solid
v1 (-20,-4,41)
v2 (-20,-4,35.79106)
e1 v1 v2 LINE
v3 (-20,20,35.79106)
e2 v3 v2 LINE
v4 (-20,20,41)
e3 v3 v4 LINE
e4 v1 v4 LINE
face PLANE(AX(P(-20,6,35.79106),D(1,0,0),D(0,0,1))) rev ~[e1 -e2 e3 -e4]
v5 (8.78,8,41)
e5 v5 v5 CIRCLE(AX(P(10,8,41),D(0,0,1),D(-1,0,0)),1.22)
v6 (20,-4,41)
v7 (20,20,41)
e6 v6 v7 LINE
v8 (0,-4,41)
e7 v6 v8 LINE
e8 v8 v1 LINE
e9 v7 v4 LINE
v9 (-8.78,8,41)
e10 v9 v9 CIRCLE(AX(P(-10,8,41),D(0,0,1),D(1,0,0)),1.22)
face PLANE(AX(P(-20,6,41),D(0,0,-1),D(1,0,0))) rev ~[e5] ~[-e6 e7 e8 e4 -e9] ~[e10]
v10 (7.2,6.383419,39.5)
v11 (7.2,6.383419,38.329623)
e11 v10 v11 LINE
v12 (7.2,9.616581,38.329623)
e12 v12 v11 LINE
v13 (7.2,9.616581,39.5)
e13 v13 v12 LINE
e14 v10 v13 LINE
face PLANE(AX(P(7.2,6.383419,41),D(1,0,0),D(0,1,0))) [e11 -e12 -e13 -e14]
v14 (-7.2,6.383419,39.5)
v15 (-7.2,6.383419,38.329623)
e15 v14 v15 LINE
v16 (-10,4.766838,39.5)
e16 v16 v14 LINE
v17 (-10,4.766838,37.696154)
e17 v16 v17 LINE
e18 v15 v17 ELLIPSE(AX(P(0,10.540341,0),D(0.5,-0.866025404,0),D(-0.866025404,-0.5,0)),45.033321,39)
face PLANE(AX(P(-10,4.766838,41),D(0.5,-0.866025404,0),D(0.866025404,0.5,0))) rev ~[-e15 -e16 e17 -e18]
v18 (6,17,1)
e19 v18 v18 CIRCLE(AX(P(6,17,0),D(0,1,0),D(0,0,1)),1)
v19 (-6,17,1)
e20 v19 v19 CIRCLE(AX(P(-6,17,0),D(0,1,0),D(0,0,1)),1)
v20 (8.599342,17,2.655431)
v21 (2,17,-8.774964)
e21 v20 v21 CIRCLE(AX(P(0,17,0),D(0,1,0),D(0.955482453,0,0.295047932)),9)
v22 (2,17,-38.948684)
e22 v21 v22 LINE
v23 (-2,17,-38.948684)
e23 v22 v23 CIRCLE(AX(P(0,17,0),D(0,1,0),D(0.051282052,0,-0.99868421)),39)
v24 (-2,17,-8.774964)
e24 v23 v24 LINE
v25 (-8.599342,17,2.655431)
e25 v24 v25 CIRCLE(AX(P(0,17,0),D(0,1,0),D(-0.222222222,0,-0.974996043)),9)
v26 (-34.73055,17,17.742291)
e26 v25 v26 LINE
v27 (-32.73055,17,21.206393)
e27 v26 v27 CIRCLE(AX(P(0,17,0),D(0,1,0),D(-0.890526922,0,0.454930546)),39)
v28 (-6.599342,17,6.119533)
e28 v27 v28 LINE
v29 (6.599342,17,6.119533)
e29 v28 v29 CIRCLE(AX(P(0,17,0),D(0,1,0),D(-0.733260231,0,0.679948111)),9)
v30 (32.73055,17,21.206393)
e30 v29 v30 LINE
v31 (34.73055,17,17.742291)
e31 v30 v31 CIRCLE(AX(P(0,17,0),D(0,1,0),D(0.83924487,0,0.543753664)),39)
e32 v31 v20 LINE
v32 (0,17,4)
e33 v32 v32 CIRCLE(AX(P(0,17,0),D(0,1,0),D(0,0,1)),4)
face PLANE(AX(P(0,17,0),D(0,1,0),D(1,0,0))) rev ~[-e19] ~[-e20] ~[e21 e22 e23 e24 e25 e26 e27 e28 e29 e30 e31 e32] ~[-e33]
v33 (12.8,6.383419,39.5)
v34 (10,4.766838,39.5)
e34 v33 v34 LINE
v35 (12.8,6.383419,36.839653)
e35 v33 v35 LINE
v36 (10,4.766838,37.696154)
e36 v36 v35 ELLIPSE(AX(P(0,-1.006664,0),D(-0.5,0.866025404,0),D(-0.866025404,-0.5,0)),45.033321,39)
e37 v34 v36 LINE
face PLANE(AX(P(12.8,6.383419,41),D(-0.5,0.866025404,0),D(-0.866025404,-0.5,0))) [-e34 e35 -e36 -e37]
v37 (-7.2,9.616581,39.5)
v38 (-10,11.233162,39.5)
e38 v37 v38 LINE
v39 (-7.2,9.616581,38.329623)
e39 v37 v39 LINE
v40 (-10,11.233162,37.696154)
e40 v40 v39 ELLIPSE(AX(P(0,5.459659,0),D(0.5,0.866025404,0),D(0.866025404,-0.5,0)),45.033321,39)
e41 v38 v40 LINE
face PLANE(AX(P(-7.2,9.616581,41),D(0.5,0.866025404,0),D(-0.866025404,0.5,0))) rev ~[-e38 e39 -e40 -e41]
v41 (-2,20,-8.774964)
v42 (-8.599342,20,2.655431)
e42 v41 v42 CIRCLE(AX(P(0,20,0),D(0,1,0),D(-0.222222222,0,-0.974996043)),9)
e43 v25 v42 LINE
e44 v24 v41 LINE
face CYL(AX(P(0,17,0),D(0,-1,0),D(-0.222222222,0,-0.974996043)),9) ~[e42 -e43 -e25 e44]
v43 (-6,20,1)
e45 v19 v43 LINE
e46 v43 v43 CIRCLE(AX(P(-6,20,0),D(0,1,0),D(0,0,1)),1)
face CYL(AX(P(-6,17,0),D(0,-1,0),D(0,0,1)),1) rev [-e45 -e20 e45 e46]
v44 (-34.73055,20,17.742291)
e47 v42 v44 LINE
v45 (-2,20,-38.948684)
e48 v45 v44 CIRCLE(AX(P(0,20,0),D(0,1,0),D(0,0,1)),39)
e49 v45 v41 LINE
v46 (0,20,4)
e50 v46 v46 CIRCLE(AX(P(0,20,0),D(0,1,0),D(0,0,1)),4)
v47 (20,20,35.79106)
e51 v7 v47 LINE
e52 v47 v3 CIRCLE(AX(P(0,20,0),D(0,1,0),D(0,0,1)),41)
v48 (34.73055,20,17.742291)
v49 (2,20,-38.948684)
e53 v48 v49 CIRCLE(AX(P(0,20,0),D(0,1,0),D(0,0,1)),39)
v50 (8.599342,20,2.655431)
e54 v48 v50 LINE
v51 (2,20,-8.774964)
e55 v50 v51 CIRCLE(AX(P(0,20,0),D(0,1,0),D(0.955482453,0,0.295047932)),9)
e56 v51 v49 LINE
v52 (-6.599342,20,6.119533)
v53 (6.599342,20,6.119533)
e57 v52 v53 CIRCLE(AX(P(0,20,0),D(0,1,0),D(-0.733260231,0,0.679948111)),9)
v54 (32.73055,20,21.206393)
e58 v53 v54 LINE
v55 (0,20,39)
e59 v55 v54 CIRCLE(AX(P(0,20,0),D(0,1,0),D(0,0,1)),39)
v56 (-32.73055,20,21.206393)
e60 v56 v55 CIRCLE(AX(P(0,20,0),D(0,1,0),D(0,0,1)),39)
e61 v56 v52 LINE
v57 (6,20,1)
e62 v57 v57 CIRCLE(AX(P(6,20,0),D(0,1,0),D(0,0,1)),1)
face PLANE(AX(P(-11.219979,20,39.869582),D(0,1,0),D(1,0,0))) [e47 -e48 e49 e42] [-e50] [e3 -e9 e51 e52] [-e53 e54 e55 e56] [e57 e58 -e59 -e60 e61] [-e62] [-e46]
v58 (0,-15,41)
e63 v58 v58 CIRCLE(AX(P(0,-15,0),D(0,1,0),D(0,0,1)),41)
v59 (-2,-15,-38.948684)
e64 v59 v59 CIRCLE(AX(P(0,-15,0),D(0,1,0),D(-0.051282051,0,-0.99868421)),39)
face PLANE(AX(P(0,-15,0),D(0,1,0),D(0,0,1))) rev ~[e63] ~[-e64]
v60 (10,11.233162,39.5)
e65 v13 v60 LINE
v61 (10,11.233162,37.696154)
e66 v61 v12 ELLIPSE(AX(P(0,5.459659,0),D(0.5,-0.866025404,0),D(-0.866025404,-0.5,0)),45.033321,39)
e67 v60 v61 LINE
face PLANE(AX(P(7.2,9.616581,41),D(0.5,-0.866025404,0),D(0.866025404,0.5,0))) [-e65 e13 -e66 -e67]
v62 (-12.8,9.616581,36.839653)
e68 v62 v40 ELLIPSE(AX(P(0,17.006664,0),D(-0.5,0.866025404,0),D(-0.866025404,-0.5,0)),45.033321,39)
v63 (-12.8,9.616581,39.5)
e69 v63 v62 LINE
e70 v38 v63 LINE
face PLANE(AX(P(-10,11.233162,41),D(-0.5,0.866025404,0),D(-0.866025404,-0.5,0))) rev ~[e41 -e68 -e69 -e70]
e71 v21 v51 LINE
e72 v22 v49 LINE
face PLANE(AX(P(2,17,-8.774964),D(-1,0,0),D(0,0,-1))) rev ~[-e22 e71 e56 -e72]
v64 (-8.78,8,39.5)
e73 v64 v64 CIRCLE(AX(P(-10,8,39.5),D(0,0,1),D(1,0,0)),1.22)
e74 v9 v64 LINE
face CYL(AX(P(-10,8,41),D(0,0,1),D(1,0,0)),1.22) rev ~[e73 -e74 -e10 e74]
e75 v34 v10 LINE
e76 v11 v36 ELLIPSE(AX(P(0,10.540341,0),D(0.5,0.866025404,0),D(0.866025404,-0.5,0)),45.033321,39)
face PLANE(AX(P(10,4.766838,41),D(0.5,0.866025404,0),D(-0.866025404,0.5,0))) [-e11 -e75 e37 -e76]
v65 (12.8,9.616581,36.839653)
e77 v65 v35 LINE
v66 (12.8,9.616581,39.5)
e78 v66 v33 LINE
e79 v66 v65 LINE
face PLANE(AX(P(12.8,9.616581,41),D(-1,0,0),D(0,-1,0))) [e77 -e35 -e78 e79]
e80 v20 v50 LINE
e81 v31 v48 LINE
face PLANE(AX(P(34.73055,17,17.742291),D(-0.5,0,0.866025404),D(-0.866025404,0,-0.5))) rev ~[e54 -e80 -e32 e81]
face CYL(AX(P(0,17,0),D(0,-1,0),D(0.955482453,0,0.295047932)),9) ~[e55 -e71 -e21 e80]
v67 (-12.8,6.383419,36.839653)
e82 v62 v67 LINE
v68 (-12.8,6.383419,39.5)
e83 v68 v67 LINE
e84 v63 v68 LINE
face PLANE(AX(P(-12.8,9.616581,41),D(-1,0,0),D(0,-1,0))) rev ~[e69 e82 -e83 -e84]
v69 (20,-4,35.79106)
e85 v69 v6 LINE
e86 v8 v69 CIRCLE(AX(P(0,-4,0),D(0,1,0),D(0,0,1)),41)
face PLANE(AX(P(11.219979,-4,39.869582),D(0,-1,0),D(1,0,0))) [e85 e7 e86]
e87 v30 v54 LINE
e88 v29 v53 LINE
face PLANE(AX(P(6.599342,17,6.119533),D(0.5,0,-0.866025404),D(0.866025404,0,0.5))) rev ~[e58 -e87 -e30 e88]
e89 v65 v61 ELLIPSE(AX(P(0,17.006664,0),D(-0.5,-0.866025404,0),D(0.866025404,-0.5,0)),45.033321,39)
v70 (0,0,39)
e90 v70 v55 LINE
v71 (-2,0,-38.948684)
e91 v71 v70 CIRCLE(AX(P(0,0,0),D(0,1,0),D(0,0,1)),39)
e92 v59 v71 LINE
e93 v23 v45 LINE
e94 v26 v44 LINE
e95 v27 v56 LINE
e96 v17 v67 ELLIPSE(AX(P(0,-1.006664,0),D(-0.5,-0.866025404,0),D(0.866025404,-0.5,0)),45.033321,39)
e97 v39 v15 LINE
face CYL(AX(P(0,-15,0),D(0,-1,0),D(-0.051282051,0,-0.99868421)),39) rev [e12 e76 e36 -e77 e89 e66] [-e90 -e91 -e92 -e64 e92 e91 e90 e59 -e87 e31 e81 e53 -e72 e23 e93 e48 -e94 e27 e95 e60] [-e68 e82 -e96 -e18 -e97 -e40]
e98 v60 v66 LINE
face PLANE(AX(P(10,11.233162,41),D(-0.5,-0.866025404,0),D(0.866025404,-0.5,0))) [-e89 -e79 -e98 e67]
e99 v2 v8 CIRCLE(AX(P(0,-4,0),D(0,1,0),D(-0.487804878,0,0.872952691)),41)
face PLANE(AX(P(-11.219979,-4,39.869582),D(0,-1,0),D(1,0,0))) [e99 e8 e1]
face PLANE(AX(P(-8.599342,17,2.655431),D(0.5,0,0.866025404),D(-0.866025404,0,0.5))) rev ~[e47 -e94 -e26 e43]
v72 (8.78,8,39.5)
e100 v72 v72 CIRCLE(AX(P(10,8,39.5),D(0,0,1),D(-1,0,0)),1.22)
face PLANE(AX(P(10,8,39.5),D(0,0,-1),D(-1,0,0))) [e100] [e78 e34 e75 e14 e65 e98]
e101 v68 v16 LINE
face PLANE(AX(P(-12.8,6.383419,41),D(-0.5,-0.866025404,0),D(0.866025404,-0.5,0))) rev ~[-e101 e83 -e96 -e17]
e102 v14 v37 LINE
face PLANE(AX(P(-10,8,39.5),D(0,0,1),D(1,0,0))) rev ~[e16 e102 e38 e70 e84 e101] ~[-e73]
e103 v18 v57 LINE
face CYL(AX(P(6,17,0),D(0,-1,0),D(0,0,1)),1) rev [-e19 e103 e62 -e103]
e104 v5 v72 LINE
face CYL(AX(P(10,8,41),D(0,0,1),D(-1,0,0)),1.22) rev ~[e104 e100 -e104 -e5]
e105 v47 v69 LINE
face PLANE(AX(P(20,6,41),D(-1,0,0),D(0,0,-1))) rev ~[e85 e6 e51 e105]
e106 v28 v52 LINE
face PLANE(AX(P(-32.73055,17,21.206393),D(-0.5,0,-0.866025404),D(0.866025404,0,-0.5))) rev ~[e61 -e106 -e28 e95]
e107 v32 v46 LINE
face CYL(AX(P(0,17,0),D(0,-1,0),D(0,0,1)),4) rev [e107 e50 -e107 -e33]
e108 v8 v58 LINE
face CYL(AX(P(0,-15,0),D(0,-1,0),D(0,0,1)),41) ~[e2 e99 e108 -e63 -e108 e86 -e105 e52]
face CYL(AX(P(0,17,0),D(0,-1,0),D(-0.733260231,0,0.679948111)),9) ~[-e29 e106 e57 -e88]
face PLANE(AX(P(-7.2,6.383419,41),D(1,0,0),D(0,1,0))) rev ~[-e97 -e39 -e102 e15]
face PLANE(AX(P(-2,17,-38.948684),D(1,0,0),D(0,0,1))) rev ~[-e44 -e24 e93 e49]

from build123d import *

# Parameters (mm, degrees)
SKETCH_1_R           = 41
SKETCH_1_R_2         = 39
EXTRUDE_1_DEPTH      = 20
EXTRUDE_START        = -14
EXTRUDE_2_DEPTH      = 14
EXTRUDE_START_2      = -3
SKETCH_3_R           = 4
SKETCH_3_R_2         = 1
EXTRUDE_3_DEPTH      = 3
CUT_EXTRUDE_3_DEPTH  = 3
EXTRUDE_5_DEPTH      = 10
EXTRUDE_5_DEPTH_BACK = 15
SKETCH_1_2_R         = 41
SKETCH_1_2_R_2       = 39
EXTRUDE_START_3      = 10
EXTRUDE_7_DEPTH      = 10
EXTRUDE_8_DEPTH      = 10
EXTRUDE_8_DEPTH_BACK = 5
CUT_EXTRUDE_4_DEPTH  = 10
EXTRUDE_9_DEPTH      = 10
EXTRUDE_9_DEPTH_BACK = 1.5
CUT_EXTRUDE_6_DEPTH  = 10
SKETCH_16_R          = 1.22
CUT_EXTRUDE_7_DEPTH  = 3


with BuildPart() as part:
    # 草图1 → 凸台-拉伸1 (new body)
    with BuildSketch(Plane(origin=(0, 0, 0), x_dir=(1, 0, 0), z_dir=(0, 1, 0))):
        Circle(SKETCH_1_R)
        Circle(SKETCH_1_R_2, mode=Mode.SUBTRACT)
    extrude(amount=EXTRUDE_1_DEPTH)

    # 草图2 → 凸台-拉伸2 (add)
    with BuildSketch(Plane(origin=(0, 20, 0), x_dir=(1, 0, 0), z_dir=(0, 1, 0)).offset(EXTRUDE_START)):
        with BuildLine():
            Line((3.5e-08, -41), (20, -41))
            Line((20, -41), (20, -35.791060336))
            ThreePointArc((20, -35.791060336), (10.333598766, -39.676400247), (3.5e-08, -41))
        make_face()
        with BuildLine():
            Line((-20, -41), (3.5e-08, -41))
            ThreePointArc((3.5e-08, -41), (-10.333598732, -39.676400256), (-20, -35.791060336))
            Line((-20, -35.791060336), (-20, -41))
        make_face()
    extrude(amount=EXTRUDE_2_DEPTH)

    # 草图3 → 凸台-拉伸3 (add)
    with BuildSketch(Plane(origin=(0, 20, 0), x_dir=(1, 0, 0), z_dir=(0, 1, 0)).offset(EXTRUDE_START_2)):
        with BuildLine():
            Line((-2, 38.948684188), (-2, 8.774964387))
            ThreePointArc((-2, 8.774964387), (-7.794228634, 4.5), (-8.599342077, -2.655431386))
            Line((-8.599342077, -2.655431386), (-34.730549951, -17.742291287))
            ThreePointArc((-34.730549951, -17.742291287), (-33.774990748, -19.5), (-32.730549951, -21.206392902))
            Line((-32.730549951, -21.206392902), (-6.599342077, -6.119533001))
            ThreePointArc((-6.599342077, -6.119533001), (0, -9), (6.599342077, -6.119533001))
            Line((6.599342077, -6.119533001), (32.730549951, -21.206392902))
            ThreePointArc((32.730549951, -21.206392902), (33.774990748, -19.5), (34.730549951, -17.742291287))
            Line((34.730549951, -17.742291287), (8.599342077, -2.655431386))
            ThreePointArc((8.599342077, -2.655431386), (7.794228634, 4.5), (2, 8.774964387))
            Line((2, 8.774964387), (2, 38.948684188))
            ThreePointArc((2, 38.948684188), (0, 39), (-2, 38.948684188))
        make_face()
        Circle(SKETCH_3_R, mode=Mode.SUBTRACT)
        with Locations((-6, 0)):
            Circle(SKETCH_3_R_2, mode=Mode.SUBTRACT)
        with Locations((6, 0)):
            Circle(SKETCH_3_R_2, mode=Mode.SUBTRACT)
    extrude(amount=EXTRUDE_3_DEPTH)

    # 草图7 → 切除-拉伸3 (cut)
    with BuildSketch(Plane.XZ.offset(-6)):
        with BuildLine():
            Line((0, 41), (-20, 41))
            Line((-20, 41), (-20, 35.791060336))
            ThreePointArc((-20, 35.791060336), (-10.333598749, 39.676400251), (0, 41))
        make_face()
        with BuildLine():
            Line((20, 41), (0, 41))
            ThreePointArc((0, 41), (10.333598749, 39.676400251), (20, 35.791060336))
            Line((20, 35.791060336), (20, 41))
        make_face()
    extrude(amount=-CUT_EXTRUDE_3_DEPTH, mode=Mode.SUBTRACT)

    # 草图1<2> → 凸台-拉伸5 (add, two sides: drawn at the far end of the back side and taken through both)
    with BuildSketch(Plane(origin=(0, 0, 0), x_dir=(1, 0, 0), z_dir=(0, 1, 0)).offset(-EXTRUDE_5_DEPTH_BACK)):
        Circle(SKETCH_1_2_R)
        Circle(SKETCH_1_2_R_2, mode=Mode.SUBTRACT)
    extrude(amount=EXTRUDE_5_DEPTH + EXTRUDE_5_DEPTH_BACK)

    # 草图7<4> → 凸台-拉伸7 (add)
    with BuildSketch(Plane.XZ.offset(-6).offset(EXTRUDE_START_3)):
        with BuildLine():
            Line((0, 41), (-20, 41))
            Line((-20, 41), (-20, 35.791060336))
            ThreePointArc((-20, 35.791060336), (-10.333598749, 39.676400251), (0, 41))
        make_face()
        with BuildLine():
            Line((20, 41), (0, 41))
            ThreePointArc((0, 41), (10.333598749, 39.676400251), (20, 35.791060336))
            Line((20, 35.791060336), (20, 41))
        make_face()
    extrude(amount=-EXTRUDE_7_DEPTH)

    # 草图7<5> → 凸台-拉伸8 (add, two sides: drawn at the far end of the back side and taken through both)
    with BuildSketch(Plane.XZ.offset(-6).offset(-EXTRUDE_8_DEPTH_BACK)):
        with BuildLine():
            Line((0, 41), (-20, 41))
            Line((-20, 41), (-20, 35.791060336))
            ThreePointArc((-20, 35.791060336), (-10.333598749, 39.676400251), (0, 41))
        make_face()
        with BuildLine():
            Line((20, 41), (0, 41))
            ThreePointArc((0, 41), (10.333598749, 39.676400251), (20, 35.791060336))
            Line((20, 35.791060336), (20, 41))
        make_face()
    extrude(amount=EXTRUDE_8_DEPTH + EXTRUDE_8_DEPTH_BACK)

    # 草图4 → 切除-拉伸4 (cut)
    with BuildSketch(Plane.XY.offset(41)):
        Polygon((-10, 4.766838493), (-7.2, 6.383419246), (-7.2, 9.616580754), (-10, 11.233161507), (-12.8, 9.616580754), (-12.8, 6.383419246), align=None)
        Polygon((12.8, 6.383419246), (10, 4.766838493), (7.2, 6.383419246), (7.2, 9.616580754), (10, 11.233161507), (12.8, 9.616580754), align=None)
    extrude(amount=-CUT_EXTRUDE_4_DEPTH, mode=Mode.SUBTRACT)

    # 草图4<3> → 凸台-拉伸9 (add, two sides: drawn at the far end of the back side and taken through both)
    with BuildSketch(Plane.XY.offset(41).offset(-EXTRUDE_9_DEPTH_BACK)):
        Polygon((-10, 4.766838493), (-7.2, 6.383419246), (-7.2, 9.616580754), (-10, 11.233161507), (-12.8, 9.616580754), (-12.8, 6.383419246), align=None)
        Polygon((12.8, 6.383419246), (10, 4.766838493), (7.2, 6.383419246), (7.2, 9.616580754), (10, 11.233161507), (12.8, 9.616580754), align=None)
    extrude(amount=EXTRUDE_9_DEPTH + EXTRUDE_9_DEPTH_BACK)

    # 草图13 → 切除-拉伸6 (cut)
    with BuildSketch(Plane.XY.offset(51)):
        Polygon((10, 11.233161507), (7.2, 9.616580754), (7.2, 6.383419246), (10, 4.766838493), (12.8, 6.383419246), (12.8, 9.616580754), align=None)
        Polygon((-10, 11.233161507), (-12.8, 9.616580754), (-12.8, 6.383419246), (-10, 4.766838493), (-7.2, 6.383419246), (-7.2, 9.616580754), align=None)
    extrude(amount=-CUT_EXTRUDE_6_DEPTH, mode=Mode.SUBTRACT)

    # 草图16 → 切除-拉伸7 (cut)
    with BuildSketch(Plane.XY.offset(41)):
        with Locations((-10, 8)):
            Circle(SKETCH_16_R)
        with Locations((10, 8)):
            Circle(SKETCH_16_R)
    extrude(amount=-CUT_EXTRUDE_7_DEPTH, mode=Mode.SUBTRACT)


solid = part.part
